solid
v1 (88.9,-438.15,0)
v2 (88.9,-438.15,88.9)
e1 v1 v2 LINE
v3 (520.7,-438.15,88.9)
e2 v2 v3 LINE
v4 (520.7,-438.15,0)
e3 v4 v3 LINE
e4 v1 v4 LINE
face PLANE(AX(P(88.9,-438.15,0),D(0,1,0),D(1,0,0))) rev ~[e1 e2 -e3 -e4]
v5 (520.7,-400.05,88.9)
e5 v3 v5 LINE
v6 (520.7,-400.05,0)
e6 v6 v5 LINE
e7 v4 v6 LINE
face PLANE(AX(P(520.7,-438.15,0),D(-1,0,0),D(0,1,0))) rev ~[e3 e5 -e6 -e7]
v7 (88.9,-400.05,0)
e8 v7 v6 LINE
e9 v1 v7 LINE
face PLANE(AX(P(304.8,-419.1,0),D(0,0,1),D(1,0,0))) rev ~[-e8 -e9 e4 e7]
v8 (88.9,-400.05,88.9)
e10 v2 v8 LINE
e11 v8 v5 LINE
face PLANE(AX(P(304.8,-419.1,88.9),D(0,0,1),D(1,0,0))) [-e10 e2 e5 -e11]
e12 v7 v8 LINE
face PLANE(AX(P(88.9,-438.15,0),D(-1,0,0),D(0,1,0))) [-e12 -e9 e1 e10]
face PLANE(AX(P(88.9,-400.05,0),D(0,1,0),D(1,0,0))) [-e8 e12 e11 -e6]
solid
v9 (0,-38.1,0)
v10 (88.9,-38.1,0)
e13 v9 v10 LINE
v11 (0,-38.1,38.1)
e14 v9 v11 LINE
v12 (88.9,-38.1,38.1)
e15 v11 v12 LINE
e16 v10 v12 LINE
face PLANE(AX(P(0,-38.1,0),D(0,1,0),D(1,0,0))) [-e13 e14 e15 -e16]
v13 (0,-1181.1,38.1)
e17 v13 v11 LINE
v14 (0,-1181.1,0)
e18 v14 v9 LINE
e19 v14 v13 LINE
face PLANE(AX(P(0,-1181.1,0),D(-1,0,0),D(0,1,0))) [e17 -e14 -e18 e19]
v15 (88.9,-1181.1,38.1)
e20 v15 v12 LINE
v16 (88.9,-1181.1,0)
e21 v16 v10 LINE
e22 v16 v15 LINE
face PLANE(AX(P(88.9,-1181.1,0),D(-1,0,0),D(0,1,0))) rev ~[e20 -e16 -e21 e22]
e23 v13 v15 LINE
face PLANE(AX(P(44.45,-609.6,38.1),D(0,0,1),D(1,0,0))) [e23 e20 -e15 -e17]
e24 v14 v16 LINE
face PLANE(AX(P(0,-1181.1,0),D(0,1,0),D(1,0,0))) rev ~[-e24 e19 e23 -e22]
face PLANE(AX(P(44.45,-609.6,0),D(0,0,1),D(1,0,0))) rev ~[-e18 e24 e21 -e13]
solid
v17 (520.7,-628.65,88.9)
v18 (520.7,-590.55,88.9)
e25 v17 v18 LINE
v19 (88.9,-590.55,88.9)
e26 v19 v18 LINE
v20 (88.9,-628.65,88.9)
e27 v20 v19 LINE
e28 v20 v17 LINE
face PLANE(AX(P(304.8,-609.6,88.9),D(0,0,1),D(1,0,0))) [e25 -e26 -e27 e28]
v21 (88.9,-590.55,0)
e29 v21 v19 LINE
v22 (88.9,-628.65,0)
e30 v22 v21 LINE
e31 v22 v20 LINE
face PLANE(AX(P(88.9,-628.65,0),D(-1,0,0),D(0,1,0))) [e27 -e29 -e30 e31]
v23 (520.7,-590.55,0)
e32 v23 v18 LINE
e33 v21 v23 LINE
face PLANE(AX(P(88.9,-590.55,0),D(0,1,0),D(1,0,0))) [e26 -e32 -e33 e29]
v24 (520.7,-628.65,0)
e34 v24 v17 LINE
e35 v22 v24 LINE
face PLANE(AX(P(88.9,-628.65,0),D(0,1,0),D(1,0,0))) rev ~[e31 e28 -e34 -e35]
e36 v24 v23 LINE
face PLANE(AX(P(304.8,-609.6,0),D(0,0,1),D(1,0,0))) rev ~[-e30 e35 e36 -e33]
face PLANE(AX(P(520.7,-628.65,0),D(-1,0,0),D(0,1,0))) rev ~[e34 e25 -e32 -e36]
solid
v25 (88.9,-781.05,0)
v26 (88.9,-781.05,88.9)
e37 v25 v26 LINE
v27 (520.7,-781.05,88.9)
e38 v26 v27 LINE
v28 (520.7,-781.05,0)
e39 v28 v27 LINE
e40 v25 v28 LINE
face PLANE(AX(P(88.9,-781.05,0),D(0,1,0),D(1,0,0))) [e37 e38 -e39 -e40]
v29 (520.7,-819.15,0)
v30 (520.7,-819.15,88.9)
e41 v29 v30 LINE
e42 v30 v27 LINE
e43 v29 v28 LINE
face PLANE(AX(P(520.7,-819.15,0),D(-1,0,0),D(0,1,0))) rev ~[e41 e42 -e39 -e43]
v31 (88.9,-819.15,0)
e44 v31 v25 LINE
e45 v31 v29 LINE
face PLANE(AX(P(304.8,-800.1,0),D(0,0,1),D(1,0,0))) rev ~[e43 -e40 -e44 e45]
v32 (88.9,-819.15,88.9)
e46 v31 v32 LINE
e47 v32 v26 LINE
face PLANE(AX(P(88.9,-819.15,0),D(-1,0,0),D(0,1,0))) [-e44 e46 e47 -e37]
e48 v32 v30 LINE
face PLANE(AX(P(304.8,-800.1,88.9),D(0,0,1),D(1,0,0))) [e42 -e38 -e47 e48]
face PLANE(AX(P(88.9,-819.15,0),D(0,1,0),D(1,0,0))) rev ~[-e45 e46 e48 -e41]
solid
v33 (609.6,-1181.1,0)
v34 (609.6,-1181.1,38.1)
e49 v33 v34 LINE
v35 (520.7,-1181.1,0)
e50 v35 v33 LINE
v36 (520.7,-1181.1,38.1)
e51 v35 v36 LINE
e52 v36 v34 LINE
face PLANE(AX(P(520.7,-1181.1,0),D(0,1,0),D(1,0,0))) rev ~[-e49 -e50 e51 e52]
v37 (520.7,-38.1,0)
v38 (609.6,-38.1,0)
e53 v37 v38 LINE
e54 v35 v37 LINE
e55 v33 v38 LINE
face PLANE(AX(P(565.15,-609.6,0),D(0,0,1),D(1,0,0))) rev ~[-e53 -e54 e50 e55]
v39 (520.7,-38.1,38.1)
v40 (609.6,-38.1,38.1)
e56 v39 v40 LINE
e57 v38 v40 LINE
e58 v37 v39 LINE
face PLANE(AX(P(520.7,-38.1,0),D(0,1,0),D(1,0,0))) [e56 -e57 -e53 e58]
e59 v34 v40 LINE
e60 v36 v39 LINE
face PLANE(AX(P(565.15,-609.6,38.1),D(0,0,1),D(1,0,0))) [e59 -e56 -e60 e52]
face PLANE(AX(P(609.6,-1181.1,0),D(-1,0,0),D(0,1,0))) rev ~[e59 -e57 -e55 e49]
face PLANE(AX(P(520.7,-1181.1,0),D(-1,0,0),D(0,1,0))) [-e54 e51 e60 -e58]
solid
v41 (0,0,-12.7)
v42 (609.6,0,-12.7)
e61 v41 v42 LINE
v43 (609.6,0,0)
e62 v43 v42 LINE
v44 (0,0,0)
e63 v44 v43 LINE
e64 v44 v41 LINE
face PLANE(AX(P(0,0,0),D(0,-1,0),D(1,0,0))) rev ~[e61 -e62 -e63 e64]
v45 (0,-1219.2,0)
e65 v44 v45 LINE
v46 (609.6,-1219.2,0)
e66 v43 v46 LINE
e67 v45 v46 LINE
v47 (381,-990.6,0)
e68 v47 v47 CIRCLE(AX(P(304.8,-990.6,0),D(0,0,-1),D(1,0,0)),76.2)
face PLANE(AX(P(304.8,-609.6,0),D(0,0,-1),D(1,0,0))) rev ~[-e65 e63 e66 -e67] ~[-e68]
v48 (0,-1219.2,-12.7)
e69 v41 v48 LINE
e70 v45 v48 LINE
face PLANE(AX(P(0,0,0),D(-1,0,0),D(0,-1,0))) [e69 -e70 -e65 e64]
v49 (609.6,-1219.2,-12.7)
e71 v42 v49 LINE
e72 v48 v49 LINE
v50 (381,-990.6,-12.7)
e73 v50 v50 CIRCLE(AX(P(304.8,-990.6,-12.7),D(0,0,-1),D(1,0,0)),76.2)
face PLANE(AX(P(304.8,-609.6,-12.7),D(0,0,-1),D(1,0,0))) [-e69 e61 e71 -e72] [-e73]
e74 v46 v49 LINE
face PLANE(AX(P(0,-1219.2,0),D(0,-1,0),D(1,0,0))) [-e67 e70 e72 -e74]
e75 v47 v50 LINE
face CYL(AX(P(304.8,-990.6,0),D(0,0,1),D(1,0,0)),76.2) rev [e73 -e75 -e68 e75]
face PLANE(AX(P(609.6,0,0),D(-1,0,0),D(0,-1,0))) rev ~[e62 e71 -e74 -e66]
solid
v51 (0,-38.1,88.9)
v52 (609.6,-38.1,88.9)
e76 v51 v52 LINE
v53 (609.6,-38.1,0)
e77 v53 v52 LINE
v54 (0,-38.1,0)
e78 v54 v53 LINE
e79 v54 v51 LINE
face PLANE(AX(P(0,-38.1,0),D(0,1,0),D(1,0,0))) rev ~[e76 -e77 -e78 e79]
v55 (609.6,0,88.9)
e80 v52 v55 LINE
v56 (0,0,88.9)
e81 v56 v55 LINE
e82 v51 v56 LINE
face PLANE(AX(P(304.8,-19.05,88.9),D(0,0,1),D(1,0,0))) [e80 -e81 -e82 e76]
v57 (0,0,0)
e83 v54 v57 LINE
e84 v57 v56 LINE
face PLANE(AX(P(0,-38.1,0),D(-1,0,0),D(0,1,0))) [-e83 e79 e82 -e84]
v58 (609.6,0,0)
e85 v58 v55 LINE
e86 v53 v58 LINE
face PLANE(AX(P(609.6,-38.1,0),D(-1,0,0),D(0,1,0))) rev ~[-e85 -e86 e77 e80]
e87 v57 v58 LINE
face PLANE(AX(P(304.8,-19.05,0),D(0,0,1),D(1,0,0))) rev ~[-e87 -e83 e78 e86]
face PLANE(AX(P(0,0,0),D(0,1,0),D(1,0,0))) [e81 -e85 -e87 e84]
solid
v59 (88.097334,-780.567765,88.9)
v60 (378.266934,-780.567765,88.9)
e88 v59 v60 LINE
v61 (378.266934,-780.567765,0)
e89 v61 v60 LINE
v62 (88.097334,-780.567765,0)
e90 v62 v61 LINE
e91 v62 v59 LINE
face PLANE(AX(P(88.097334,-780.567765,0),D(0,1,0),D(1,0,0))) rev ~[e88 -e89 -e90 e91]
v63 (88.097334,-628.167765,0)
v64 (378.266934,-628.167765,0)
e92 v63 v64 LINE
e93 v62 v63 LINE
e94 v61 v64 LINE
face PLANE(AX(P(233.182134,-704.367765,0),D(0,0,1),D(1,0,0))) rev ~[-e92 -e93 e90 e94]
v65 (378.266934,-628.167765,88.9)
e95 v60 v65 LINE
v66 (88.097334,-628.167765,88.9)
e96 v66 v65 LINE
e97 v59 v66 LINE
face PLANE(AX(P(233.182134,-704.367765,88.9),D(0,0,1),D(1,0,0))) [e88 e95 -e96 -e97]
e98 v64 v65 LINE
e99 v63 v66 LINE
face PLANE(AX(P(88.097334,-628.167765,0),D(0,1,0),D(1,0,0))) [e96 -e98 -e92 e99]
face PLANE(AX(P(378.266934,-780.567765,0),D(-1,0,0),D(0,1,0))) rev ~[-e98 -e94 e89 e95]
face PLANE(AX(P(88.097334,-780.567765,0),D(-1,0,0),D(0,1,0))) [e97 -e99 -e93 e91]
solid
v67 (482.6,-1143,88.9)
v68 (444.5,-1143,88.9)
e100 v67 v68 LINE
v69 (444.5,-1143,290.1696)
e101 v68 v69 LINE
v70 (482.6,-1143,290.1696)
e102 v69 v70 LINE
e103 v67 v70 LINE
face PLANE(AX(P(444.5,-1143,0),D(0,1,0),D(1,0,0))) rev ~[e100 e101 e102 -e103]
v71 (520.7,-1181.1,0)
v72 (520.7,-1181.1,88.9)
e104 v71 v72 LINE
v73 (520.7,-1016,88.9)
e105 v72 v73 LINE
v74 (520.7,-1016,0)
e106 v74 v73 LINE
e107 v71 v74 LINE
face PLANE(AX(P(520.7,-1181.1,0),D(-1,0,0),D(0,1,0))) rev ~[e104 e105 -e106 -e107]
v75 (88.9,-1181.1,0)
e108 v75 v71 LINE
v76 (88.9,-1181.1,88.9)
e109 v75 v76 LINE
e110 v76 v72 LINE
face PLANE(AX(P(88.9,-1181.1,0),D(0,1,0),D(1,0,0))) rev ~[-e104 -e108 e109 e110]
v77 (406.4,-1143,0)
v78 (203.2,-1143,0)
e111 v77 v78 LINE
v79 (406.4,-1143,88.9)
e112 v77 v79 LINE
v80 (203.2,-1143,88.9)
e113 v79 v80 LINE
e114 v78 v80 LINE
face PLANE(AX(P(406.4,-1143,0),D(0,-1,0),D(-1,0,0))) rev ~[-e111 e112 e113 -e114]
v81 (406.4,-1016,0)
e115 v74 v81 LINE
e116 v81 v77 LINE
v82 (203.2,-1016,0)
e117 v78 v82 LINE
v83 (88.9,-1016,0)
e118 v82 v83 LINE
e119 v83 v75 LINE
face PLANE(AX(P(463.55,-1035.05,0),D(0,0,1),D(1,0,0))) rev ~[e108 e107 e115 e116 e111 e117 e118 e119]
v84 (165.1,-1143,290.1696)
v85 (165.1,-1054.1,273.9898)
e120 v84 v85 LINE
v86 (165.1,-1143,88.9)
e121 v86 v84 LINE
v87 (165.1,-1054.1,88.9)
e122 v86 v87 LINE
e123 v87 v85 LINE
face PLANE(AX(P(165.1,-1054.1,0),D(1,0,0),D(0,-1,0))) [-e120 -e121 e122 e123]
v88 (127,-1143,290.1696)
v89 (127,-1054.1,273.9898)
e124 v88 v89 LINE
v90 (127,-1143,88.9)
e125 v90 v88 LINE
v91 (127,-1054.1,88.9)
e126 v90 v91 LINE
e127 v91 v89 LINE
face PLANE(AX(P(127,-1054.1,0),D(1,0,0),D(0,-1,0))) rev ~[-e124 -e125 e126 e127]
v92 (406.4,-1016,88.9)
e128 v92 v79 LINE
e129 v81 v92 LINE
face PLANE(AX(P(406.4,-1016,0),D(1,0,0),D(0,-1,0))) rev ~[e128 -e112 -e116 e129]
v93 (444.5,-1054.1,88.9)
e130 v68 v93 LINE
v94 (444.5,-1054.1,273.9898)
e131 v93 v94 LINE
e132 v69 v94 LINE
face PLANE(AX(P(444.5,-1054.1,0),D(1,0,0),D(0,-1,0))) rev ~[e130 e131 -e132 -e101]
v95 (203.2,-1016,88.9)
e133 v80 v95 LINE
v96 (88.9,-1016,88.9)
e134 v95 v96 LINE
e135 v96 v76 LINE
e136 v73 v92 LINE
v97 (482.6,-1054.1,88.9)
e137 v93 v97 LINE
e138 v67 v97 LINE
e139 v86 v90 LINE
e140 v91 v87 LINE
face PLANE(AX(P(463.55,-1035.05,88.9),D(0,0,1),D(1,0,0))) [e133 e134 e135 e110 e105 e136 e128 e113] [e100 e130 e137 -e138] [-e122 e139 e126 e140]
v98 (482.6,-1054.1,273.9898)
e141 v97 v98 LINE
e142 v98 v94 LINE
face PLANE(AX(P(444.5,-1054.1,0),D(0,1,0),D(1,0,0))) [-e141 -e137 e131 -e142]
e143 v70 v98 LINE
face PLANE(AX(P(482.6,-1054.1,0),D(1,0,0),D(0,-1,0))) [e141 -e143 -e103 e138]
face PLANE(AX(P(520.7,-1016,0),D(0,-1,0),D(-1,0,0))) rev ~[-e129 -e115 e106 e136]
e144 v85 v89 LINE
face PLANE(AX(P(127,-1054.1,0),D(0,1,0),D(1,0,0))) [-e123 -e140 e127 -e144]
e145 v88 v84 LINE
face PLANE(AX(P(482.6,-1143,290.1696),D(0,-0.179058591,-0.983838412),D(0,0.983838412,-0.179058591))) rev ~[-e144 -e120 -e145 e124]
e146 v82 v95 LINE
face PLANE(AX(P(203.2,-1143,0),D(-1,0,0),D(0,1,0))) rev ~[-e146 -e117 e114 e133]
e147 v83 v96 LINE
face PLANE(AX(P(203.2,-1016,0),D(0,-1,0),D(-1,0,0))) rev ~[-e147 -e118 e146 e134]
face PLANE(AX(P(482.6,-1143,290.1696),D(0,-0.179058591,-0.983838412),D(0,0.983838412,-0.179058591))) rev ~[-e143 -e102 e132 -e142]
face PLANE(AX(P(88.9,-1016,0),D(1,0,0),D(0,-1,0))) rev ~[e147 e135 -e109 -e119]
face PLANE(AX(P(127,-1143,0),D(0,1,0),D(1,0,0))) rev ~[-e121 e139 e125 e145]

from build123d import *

# Parameters (mm, degrees)
F0_W      = 609.6
F0_H      = 38.1
F1_DEPTH  = 88.9
F2_W      = 88.9
F2_H      = 1143
F3_DEPTH  = 38.1
F4_W      = 38.1
F4_H      = 88.9
F5_DEPTH  = 88.9
F6_W      = 38.1
F6_H      = 88.9
F7_DEPTH  = 290.1696
F9_DEPTH  = 482.601
F10_W     = 609.6
F10_H     = 1219.2
F10_R     = 76.2
F11_DEPTH = 12.7
F12_W     = 431.8
F12_H     = 38.1
F13_DEPTH = 88.9
F14_W     = 290.1696
F14_H     = 152.4
F15_DEPTH = 88.9


with BuildPart() as f1:
    # F0 (on Top) → F1 (new body)
    with BuildSketch(Plane.XY):
        with Locations((304.8, -19.05)):
            Rectangle(F0_W, F0_H)
    extrude(amount=F1_DEPTH)


with BuildPart() as f3:
    # F2 (on Top) → F3 (new body)
    with BuildSketch(Plane.XY):
        with Locations((44.45, -609.6)):
            Rectangle(F2_W, F2_H)
        with Locations((565.15, -609.6)):
            Rectangle(F2_W, F2_H)
    extrude(amount=F3_DEPTH)


with BuildPart() as f5:
    # F4 (on Top) → F5 (new body)
    with BuildSketch(Plane.XY):
        Polygon((482.6, -1054.1), (520.7, -1054.1), (520.7, -1016), (406.4, -1016), (406.4, -1054.1), (444.5, -1054.1), align=None)
        Polygon((88.9, -1143), (88.9, -1181.1), (520.7, -1181.1), (520.7, -1143), (482.6, -1143), (444.5, -1143), (406.4, -1143), (304.8, -1143), (203.2, -1143), (165.1, -1143), (127, -1143), align=None)
        Polygon((88.9, -1016), (88.9, -1054.1), (127, -1054.1), (165.1, -1054.1), (203.2, -1054.1), (203.2, -1016), align=None)
        with Locations((107.95, -1098.55)):
            Rectangle(F4_W, F4_H)
        with Locations((184.15, -1098.55)):
            Rectangle(F4_W, F4_H)
        with Locations((425.45, -1098.55)):
            Rectangle(F4_W, F4_H)
        with Locations((501.65, -1098.55)):
            Rectangle(F4_W, F4_H)
    extrude(amount=F5_DEPTH)

    # F6 (on face) → F7 (join)
    with BuildSketch(Plane(origin=(0, 0, 0), x_dir=(1, 0, 0), z_dir=(0, 0, -1))):
        with Locations((463.55, 1098.55)):
            Rectangle(F6_W, F6_H)
        with Locations((146.05, 1098.55)):
            Rectangle(F6_W, F6_H)
    extrude(amount=-F7_DEPTH)

    # F8 (on face) → F9 (cut, through all)
    with BuildSketch(Plane.YZ.offset(482.6)):
        Polygon((-1054.1, 273.9898), (-1054.1, 290.1696), (-1143, 290.1696), align=None)
    extrude(amount=-F9_DEPTH, mode=Mode.SUBTRACT)


with BuildPart() as f11:
    # F10 (on face) → F11 (new body)
    with BuildSketch(Plane(origin=(0, 0, 0), x_dir=(1, 0, 0), z_dir=(0, 0, -1))):
        with Locations((304.8, 609.6)):
            Rectangle(F10_W, F10_H)
        with Locations((304.8, 990.6)):
            Circle(F10_R, mode=Mode.SUBTRACT)
    extrude(amount=F11_DEPTH)


with BuildPart() as f13:
    # F12 (on face) → F13 (new body)
    with BuildSketch(Plane.XY):
        with Locations((304.8, -609.6)):
            Rectangle(F12_W, F12_H)
        with Locations((304.8, -419.1)):
            Rectangle(F12_W, F12_H)
        with Locations((304.8, -800.1)):
            Rectangle(F12_W, F12_H)
    extrude(amount=F13_DEPTH)


with BuildPart() as f15:
    # F14 (on face) → F15 (new body)
    with BuildSketch(Plane.XY):
        with Locations((233.182134, -704.367765)):
            Rectangle(F14_W, F14_H)
    extrude(amount=F15_DEPTH)


solid = Compound([f1.part, f3.part, f5.part, f11.part, f13.part, f15.part])
